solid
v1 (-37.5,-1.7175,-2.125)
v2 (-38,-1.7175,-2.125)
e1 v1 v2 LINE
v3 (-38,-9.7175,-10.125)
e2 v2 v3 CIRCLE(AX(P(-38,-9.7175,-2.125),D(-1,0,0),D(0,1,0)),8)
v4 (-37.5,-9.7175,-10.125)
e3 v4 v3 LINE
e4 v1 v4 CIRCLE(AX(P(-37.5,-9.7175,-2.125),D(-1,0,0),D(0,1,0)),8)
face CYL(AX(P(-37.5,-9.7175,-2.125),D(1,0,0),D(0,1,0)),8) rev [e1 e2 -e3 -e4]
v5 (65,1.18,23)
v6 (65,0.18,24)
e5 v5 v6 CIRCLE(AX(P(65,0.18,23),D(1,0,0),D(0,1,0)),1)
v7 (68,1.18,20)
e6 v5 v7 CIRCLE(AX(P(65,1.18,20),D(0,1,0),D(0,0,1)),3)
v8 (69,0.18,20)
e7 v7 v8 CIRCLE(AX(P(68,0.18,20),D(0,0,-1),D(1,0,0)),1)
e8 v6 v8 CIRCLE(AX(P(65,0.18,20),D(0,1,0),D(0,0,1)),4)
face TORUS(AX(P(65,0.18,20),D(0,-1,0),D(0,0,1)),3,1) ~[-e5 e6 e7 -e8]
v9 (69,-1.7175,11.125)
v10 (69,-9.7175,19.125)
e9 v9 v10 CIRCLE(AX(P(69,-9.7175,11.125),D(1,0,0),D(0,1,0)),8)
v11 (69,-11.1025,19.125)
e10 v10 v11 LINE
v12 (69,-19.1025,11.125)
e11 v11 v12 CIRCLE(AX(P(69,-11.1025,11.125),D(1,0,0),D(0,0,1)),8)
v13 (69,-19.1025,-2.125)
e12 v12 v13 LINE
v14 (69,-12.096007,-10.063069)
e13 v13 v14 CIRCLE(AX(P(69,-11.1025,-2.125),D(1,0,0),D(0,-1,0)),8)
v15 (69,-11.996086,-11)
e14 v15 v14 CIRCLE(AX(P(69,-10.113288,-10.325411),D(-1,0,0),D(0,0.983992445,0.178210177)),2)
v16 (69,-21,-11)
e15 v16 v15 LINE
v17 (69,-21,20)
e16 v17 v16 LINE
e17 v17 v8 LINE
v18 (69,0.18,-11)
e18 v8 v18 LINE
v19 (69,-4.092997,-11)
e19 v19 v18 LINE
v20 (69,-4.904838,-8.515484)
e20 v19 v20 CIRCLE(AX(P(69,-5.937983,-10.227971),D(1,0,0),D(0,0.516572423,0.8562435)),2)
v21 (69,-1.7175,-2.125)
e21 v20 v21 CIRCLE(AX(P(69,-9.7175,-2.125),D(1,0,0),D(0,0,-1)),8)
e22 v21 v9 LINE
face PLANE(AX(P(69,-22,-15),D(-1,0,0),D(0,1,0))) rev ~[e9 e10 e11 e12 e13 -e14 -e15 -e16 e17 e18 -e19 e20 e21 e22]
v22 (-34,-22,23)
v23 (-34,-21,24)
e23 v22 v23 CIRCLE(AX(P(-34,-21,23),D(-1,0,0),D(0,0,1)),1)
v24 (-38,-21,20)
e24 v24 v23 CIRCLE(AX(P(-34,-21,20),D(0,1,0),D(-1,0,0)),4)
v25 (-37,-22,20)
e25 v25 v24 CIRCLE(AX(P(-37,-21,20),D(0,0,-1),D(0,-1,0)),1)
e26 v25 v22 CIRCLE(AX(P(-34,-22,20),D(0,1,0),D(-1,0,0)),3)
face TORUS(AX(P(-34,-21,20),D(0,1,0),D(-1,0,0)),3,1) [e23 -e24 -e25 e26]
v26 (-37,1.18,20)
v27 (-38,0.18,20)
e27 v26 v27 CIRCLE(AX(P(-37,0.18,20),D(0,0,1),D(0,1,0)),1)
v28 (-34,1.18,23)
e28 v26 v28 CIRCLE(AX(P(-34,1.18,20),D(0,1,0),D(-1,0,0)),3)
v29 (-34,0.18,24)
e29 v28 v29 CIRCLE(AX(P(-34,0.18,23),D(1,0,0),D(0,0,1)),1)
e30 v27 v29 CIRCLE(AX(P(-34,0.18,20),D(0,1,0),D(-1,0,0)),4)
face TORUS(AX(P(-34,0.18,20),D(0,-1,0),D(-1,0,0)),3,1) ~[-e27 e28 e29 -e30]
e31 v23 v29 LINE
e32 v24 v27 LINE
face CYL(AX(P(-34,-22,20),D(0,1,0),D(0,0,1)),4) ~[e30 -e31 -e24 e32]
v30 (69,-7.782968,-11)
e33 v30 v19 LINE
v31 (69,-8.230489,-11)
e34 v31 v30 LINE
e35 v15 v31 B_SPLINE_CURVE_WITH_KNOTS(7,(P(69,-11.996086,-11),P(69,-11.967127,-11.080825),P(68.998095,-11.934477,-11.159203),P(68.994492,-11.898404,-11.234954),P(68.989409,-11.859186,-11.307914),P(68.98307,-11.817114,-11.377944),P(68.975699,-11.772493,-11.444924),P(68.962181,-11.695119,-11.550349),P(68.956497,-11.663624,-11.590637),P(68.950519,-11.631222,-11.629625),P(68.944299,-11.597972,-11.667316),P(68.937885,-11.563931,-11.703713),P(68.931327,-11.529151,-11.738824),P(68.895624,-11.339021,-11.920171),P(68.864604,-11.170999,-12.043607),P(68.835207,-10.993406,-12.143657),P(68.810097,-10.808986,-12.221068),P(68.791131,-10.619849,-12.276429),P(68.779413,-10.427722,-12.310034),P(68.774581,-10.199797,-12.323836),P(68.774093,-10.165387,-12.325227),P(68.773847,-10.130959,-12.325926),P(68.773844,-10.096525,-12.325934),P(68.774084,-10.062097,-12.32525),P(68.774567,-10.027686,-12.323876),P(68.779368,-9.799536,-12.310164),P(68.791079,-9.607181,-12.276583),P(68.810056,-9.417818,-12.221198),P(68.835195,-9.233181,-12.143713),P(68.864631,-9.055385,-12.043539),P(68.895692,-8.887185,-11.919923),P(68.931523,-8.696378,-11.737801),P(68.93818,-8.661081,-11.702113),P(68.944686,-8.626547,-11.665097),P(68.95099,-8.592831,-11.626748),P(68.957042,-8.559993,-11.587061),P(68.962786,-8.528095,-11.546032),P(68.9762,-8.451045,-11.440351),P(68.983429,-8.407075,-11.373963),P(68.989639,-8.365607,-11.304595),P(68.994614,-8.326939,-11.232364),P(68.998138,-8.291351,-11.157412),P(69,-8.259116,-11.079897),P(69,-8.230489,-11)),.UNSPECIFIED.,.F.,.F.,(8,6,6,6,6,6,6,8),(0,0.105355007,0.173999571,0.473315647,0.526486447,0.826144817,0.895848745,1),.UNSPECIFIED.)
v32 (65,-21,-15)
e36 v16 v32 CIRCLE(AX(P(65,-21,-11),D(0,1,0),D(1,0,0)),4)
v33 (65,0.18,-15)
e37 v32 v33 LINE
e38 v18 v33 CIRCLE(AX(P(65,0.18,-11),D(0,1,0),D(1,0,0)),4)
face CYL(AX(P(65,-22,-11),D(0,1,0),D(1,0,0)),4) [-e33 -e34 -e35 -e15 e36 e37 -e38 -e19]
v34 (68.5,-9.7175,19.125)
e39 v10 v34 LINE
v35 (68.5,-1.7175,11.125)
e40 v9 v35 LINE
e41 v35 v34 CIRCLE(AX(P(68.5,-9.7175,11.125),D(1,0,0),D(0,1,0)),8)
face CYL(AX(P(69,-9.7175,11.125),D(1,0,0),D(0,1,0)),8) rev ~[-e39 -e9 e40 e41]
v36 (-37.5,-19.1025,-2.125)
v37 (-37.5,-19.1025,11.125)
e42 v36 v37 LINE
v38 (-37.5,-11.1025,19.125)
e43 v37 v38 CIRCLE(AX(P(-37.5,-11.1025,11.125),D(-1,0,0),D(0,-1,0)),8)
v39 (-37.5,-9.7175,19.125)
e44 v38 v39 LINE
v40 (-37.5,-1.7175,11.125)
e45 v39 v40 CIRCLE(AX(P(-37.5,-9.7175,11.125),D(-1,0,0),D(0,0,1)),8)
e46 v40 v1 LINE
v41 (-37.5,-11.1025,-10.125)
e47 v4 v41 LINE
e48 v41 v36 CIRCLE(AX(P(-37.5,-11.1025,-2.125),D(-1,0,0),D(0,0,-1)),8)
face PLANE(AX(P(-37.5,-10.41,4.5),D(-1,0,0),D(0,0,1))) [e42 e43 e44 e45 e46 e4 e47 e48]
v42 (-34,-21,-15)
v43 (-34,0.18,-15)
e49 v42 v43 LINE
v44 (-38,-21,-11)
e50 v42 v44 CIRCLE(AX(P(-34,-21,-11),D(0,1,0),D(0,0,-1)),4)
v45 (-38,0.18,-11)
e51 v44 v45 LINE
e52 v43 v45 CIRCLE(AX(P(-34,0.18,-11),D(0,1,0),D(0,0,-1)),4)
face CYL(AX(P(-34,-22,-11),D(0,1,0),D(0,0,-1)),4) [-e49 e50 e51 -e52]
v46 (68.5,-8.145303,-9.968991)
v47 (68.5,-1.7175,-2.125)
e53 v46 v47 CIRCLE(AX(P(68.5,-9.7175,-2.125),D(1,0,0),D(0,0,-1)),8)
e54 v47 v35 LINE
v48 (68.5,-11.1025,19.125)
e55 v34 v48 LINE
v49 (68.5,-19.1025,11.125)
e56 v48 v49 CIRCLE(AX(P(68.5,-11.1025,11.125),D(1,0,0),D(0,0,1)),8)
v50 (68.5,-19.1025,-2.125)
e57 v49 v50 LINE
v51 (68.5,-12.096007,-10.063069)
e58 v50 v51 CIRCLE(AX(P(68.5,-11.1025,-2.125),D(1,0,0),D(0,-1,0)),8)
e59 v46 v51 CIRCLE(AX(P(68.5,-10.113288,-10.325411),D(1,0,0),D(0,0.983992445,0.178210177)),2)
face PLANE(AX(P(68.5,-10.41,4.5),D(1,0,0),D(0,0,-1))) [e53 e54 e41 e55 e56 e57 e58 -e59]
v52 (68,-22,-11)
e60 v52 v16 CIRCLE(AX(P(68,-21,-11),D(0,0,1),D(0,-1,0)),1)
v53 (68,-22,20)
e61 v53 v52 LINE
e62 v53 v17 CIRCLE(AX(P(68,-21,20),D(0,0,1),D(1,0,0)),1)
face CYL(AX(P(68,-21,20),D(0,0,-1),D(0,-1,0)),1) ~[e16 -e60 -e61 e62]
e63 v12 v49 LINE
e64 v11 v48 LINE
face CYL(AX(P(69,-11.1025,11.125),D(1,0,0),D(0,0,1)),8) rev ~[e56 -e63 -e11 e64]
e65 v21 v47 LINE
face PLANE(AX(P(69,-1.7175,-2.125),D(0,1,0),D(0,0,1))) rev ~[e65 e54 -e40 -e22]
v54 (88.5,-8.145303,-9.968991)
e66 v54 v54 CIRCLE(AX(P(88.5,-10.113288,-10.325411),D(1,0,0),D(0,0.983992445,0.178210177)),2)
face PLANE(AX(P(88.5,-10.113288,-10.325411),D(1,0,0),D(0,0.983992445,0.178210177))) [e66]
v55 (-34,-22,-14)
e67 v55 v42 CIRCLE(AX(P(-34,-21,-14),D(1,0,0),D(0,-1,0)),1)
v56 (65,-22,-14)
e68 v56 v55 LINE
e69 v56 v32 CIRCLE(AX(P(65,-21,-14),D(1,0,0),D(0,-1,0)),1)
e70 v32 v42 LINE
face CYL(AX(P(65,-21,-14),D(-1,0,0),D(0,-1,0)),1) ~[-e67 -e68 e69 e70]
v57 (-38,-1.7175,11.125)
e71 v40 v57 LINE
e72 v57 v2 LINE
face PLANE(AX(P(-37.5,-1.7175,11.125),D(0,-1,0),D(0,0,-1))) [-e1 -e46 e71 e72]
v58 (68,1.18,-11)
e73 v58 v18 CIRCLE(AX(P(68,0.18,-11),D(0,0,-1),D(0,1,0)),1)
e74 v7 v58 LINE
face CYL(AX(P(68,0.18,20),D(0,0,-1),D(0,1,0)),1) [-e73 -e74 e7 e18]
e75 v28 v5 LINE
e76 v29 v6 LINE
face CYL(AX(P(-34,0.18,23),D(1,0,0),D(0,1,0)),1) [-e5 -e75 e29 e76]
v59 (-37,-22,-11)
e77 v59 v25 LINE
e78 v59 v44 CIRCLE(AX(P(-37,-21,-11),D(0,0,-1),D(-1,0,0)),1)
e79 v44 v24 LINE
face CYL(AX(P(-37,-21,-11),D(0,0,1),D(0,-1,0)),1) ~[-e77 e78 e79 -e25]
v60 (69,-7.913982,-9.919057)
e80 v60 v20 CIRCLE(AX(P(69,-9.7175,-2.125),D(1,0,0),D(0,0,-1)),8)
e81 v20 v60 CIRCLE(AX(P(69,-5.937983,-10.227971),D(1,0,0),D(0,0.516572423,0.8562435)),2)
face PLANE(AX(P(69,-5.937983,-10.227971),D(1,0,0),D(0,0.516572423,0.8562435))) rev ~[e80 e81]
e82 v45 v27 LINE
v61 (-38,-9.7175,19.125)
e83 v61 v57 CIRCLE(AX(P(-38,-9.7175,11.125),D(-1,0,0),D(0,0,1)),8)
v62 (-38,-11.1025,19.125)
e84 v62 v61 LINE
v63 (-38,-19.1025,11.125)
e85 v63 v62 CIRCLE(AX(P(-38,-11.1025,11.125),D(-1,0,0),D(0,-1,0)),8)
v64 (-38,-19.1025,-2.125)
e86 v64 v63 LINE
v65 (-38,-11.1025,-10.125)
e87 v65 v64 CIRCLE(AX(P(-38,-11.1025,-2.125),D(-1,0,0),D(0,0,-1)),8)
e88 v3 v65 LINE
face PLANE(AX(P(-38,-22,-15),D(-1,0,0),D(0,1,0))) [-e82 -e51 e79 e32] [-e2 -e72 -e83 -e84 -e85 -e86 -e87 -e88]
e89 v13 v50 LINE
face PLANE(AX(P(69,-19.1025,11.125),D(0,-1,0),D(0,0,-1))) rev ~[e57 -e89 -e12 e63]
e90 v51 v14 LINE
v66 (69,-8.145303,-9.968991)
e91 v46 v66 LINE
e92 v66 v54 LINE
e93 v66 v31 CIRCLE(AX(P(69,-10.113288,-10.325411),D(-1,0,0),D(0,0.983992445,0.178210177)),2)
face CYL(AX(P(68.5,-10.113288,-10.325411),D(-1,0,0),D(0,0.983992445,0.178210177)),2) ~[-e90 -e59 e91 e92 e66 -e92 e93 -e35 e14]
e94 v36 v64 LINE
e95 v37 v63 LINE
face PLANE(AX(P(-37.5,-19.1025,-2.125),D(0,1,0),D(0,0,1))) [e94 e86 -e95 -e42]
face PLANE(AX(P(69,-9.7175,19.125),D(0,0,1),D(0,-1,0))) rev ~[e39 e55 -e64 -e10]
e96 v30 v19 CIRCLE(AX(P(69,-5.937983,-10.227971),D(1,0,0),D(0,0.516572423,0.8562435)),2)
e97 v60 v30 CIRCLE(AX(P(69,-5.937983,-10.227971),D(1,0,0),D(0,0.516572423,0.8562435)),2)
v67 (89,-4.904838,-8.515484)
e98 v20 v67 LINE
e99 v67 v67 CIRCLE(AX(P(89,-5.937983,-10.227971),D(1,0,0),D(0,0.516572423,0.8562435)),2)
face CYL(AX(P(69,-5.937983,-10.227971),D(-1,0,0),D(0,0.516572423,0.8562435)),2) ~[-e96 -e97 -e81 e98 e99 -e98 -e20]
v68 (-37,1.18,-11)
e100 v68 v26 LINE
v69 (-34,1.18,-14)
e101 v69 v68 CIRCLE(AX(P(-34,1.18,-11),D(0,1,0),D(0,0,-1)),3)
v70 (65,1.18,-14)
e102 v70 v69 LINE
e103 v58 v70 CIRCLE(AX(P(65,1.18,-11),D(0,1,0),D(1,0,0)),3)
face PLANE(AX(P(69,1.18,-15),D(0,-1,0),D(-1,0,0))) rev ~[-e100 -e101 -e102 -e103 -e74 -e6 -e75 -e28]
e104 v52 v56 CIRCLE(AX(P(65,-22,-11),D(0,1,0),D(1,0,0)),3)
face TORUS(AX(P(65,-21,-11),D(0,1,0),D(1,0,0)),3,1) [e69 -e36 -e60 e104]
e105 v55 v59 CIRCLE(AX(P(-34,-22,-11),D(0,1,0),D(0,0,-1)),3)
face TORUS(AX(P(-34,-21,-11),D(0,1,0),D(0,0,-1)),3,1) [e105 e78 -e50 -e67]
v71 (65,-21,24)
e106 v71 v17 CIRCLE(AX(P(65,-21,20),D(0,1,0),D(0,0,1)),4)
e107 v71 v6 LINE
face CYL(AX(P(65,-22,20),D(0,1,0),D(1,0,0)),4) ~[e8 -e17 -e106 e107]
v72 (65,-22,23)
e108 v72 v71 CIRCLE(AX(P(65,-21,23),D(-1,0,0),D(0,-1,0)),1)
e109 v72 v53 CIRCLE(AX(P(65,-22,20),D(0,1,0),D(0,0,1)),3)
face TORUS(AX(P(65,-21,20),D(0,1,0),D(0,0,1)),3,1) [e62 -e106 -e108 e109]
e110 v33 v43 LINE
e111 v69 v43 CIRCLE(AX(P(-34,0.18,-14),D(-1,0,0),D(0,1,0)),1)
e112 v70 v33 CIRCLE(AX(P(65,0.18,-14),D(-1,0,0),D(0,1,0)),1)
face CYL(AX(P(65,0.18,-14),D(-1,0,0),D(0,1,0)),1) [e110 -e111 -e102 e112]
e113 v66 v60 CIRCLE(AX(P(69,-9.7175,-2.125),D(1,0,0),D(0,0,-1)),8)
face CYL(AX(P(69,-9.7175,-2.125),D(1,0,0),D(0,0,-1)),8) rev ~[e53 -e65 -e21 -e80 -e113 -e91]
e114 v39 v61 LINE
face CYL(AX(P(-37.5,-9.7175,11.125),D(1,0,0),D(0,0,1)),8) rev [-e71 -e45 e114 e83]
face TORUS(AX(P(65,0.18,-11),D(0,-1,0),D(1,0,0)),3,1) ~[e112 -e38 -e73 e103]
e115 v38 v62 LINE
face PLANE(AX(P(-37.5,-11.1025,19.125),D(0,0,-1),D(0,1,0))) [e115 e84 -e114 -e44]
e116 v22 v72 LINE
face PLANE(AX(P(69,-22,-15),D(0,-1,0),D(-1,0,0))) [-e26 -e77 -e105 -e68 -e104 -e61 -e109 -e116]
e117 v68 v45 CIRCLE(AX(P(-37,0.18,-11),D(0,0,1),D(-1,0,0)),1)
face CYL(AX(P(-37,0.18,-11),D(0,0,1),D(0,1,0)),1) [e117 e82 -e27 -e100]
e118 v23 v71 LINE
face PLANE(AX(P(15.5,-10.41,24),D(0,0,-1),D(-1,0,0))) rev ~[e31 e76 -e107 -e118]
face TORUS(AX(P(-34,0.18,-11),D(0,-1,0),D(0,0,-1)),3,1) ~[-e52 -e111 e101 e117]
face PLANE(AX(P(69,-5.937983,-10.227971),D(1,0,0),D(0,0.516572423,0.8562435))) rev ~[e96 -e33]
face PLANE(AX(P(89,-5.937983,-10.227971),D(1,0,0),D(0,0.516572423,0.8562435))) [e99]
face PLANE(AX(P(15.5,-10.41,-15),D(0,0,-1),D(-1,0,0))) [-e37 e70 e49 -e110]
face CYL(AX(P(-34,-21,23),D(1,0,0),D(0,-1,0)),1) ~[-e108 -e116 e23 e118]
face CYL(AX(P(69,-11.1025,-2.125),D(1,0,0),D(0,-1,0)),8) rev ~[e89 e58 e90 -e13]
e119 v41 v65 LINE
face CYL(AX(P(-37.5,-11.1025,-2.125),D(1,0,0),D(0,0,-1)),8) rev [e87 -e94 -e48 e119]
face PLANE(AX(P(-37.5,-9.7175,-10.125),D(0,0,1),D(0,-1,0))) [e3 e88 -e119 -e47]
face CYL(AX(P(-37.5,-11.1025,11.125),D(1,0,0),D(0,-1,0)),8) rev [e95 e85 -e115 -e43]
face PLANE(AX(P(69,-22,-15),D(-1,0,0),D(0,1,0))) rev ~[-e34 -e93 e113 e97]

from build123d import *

# Parameters (mm, degrees)
SKETCH1_W           = 107
SKETCH1_H           = 23.18
BOSS_EXTRUDE1_DEPTH = 39
CUT_EXTRUDE1_DEPTH  = 0.5
CUT_EXTRUDE2_START  = -0.5
CUT_EXTRUDE2_DEPTH  = 0.5
FILLET1_R           = 4
FILLET2_R           = 1
SKETCH5_R           = 2
BOSS_EXTRUDE2_DEPTH = 20
SKETCH7_R           = 2
BOSS_EXTRUDE3_DEPTH = 20


with BuildPart() as part:
    # Sketch1 → Boss-Extrude1 (new body)
    with BuildSketch(Plane(origin=(0, 0, -15), x_dir=(-1, 0, 0), z_dir=(0, 0, -1))):
        with Locations((-15.5, -10.41)):
            Rectangle(SKETCH1_W, SKETCH1_H)
    extrude(amount=-BOSS_EXTRUDE1_DEPTH)

    # Sketch2 → Cut-Extrude1 (cut)
    with BuildSketch(Plane(origin=(69, 0, 0), x_dir=(0, 0, -1), z_dir=(1, 0, 0))):
        with BuildLine():
            Line((-19.125, -9.7175), (-19.125, -11.1025))
            ThreePointArc((-19.125, -11.1025), (-16.781854249, -16.759354249), (-11.125, -19.1025))
            Line((-11.125, -19.1025), (2.125, -19.1025))
            ThreePointArc((2.125, -19.1025), (7.781854249, -16.759354249), (10.125, -11.1025))
            Line((10.125, -11.1025), (10.125, -9.7175))
            ThreePointArc((10.125, -9.7175), (7.781854249, -4.060645751), (2.125, -1.7175))
            Line((2.125, -1.7175), (-11.125, -1.7175))
            ThreePointArc((-11.125, -1.7175), (-16.781854249, -4.060645751), (-19.125, -9.7175))
        make_face()
    extrude(amount=-CUT_EXTRUDE1_DEPTH, mode=Mode.SUBTRACT)

    # Sketch3 → Cut-Extrude2 (cut)
    with BuildSketch(Plane.ZY.offset(38).offset(CUT_EXTRUDE2_START)):
        with BuildLine():
            Line((11.125, -1.7175), (-2.125, -1.7175))
            ThreePointArc((-2.125, -1.7175), (-7.781854249, -4.060645751), (-10.125, -9.7175))
            Line((-10.125, -9.7175), (-10.125, -11.1025))
            ThreePointArc((-10.125, -11.1025), (-7.781854249, -16.759354249), (-2.125, -19.1025))
            Line((-2.125, -19.1025), (11.125, -19.1025))
            ThreePointArc((11.125, -19.1025), (16.781854249, -16.759354249), (19.125, -11.1025))
            Line((19.125, -11.1025), (19.125, -9.7175))
            ThreePointArc((19.125, -9.7175), (16.781854249, -4.060645751), (11.125, -1.7175))
        make_face()
    extrude(amount=CUT_EXTRUDE2_DEPTH, mode=Mode.SUBTRACT)

    # Fillet1
    fillet1_edges = [part.edges().sort_by_distance(p)[0] for p in [
        (-38, -10.41, 24),
        (69, -10.41, 24),
        (-38, -10.41, -15),
        (69, -10.41, -15),
    ]]
    fillet(fillet1_edges, radius=FILLET1_R)

    # Fillet2
    fillet2_edges = [part.edges().sort_by_distance(p)[0] for p in [
        (15.5, -22, -15),
        (15.5, 1.18, -15),
        (-38, 1.18, 4.5),
        (15.5, 1.18, 24),
        (69, 1.18, 4.5),
        (67.828427125, 1.18, 22.828427125),
        (67.828427125, 1.18, -13.828427125),
        (-36.828427125, 1.18, 22.828427125),
        (-36.828427125, 1.18, -13.828427125),
        (-38, -22, 4.5),
        (69, -22, 4.5),
        (15.5, -22, 24),
        (67.828427125, -22, 22.828427125),
        (67.828427125, -22, -13.828427125),
        (-36.828427125, -22, 22.828427125),
        (-36.828427125, -22, -13.828427125),
    ]]
    fillet(fillet2_edges, radius=FILLET2_R)

    # Sketch5 → Boss-Extrude2 (add)
    with BuildSketch(Plane(origin=(69, 0, 0), x_dir=(0, 0, -1), z_dir=(1, 0, 0))):
        with Locations(Location((10.227970674, -5.937982546, 0), (0, 0, 148.897384026))):
            Circle(SKETCH5_R)
    extrude(amount=BOSS_EXTRUDE2_DEPTH)

    # Sketch7 → Boss-Extrude3 (add)
    with BuildSketch(Plane(origin=(68.5, 0, 0), x_dir=(0, 0, -1), z_dir=(1, 0, 0))):
        with Locations(Location((10.325411399, -10.113287546, 0), (0, 0, 100.265525012))):
            Circle(SKETCH7_R)
    extrude(amount=BOSS_EXTRUDE3_DEPTH)


solid = part.part
